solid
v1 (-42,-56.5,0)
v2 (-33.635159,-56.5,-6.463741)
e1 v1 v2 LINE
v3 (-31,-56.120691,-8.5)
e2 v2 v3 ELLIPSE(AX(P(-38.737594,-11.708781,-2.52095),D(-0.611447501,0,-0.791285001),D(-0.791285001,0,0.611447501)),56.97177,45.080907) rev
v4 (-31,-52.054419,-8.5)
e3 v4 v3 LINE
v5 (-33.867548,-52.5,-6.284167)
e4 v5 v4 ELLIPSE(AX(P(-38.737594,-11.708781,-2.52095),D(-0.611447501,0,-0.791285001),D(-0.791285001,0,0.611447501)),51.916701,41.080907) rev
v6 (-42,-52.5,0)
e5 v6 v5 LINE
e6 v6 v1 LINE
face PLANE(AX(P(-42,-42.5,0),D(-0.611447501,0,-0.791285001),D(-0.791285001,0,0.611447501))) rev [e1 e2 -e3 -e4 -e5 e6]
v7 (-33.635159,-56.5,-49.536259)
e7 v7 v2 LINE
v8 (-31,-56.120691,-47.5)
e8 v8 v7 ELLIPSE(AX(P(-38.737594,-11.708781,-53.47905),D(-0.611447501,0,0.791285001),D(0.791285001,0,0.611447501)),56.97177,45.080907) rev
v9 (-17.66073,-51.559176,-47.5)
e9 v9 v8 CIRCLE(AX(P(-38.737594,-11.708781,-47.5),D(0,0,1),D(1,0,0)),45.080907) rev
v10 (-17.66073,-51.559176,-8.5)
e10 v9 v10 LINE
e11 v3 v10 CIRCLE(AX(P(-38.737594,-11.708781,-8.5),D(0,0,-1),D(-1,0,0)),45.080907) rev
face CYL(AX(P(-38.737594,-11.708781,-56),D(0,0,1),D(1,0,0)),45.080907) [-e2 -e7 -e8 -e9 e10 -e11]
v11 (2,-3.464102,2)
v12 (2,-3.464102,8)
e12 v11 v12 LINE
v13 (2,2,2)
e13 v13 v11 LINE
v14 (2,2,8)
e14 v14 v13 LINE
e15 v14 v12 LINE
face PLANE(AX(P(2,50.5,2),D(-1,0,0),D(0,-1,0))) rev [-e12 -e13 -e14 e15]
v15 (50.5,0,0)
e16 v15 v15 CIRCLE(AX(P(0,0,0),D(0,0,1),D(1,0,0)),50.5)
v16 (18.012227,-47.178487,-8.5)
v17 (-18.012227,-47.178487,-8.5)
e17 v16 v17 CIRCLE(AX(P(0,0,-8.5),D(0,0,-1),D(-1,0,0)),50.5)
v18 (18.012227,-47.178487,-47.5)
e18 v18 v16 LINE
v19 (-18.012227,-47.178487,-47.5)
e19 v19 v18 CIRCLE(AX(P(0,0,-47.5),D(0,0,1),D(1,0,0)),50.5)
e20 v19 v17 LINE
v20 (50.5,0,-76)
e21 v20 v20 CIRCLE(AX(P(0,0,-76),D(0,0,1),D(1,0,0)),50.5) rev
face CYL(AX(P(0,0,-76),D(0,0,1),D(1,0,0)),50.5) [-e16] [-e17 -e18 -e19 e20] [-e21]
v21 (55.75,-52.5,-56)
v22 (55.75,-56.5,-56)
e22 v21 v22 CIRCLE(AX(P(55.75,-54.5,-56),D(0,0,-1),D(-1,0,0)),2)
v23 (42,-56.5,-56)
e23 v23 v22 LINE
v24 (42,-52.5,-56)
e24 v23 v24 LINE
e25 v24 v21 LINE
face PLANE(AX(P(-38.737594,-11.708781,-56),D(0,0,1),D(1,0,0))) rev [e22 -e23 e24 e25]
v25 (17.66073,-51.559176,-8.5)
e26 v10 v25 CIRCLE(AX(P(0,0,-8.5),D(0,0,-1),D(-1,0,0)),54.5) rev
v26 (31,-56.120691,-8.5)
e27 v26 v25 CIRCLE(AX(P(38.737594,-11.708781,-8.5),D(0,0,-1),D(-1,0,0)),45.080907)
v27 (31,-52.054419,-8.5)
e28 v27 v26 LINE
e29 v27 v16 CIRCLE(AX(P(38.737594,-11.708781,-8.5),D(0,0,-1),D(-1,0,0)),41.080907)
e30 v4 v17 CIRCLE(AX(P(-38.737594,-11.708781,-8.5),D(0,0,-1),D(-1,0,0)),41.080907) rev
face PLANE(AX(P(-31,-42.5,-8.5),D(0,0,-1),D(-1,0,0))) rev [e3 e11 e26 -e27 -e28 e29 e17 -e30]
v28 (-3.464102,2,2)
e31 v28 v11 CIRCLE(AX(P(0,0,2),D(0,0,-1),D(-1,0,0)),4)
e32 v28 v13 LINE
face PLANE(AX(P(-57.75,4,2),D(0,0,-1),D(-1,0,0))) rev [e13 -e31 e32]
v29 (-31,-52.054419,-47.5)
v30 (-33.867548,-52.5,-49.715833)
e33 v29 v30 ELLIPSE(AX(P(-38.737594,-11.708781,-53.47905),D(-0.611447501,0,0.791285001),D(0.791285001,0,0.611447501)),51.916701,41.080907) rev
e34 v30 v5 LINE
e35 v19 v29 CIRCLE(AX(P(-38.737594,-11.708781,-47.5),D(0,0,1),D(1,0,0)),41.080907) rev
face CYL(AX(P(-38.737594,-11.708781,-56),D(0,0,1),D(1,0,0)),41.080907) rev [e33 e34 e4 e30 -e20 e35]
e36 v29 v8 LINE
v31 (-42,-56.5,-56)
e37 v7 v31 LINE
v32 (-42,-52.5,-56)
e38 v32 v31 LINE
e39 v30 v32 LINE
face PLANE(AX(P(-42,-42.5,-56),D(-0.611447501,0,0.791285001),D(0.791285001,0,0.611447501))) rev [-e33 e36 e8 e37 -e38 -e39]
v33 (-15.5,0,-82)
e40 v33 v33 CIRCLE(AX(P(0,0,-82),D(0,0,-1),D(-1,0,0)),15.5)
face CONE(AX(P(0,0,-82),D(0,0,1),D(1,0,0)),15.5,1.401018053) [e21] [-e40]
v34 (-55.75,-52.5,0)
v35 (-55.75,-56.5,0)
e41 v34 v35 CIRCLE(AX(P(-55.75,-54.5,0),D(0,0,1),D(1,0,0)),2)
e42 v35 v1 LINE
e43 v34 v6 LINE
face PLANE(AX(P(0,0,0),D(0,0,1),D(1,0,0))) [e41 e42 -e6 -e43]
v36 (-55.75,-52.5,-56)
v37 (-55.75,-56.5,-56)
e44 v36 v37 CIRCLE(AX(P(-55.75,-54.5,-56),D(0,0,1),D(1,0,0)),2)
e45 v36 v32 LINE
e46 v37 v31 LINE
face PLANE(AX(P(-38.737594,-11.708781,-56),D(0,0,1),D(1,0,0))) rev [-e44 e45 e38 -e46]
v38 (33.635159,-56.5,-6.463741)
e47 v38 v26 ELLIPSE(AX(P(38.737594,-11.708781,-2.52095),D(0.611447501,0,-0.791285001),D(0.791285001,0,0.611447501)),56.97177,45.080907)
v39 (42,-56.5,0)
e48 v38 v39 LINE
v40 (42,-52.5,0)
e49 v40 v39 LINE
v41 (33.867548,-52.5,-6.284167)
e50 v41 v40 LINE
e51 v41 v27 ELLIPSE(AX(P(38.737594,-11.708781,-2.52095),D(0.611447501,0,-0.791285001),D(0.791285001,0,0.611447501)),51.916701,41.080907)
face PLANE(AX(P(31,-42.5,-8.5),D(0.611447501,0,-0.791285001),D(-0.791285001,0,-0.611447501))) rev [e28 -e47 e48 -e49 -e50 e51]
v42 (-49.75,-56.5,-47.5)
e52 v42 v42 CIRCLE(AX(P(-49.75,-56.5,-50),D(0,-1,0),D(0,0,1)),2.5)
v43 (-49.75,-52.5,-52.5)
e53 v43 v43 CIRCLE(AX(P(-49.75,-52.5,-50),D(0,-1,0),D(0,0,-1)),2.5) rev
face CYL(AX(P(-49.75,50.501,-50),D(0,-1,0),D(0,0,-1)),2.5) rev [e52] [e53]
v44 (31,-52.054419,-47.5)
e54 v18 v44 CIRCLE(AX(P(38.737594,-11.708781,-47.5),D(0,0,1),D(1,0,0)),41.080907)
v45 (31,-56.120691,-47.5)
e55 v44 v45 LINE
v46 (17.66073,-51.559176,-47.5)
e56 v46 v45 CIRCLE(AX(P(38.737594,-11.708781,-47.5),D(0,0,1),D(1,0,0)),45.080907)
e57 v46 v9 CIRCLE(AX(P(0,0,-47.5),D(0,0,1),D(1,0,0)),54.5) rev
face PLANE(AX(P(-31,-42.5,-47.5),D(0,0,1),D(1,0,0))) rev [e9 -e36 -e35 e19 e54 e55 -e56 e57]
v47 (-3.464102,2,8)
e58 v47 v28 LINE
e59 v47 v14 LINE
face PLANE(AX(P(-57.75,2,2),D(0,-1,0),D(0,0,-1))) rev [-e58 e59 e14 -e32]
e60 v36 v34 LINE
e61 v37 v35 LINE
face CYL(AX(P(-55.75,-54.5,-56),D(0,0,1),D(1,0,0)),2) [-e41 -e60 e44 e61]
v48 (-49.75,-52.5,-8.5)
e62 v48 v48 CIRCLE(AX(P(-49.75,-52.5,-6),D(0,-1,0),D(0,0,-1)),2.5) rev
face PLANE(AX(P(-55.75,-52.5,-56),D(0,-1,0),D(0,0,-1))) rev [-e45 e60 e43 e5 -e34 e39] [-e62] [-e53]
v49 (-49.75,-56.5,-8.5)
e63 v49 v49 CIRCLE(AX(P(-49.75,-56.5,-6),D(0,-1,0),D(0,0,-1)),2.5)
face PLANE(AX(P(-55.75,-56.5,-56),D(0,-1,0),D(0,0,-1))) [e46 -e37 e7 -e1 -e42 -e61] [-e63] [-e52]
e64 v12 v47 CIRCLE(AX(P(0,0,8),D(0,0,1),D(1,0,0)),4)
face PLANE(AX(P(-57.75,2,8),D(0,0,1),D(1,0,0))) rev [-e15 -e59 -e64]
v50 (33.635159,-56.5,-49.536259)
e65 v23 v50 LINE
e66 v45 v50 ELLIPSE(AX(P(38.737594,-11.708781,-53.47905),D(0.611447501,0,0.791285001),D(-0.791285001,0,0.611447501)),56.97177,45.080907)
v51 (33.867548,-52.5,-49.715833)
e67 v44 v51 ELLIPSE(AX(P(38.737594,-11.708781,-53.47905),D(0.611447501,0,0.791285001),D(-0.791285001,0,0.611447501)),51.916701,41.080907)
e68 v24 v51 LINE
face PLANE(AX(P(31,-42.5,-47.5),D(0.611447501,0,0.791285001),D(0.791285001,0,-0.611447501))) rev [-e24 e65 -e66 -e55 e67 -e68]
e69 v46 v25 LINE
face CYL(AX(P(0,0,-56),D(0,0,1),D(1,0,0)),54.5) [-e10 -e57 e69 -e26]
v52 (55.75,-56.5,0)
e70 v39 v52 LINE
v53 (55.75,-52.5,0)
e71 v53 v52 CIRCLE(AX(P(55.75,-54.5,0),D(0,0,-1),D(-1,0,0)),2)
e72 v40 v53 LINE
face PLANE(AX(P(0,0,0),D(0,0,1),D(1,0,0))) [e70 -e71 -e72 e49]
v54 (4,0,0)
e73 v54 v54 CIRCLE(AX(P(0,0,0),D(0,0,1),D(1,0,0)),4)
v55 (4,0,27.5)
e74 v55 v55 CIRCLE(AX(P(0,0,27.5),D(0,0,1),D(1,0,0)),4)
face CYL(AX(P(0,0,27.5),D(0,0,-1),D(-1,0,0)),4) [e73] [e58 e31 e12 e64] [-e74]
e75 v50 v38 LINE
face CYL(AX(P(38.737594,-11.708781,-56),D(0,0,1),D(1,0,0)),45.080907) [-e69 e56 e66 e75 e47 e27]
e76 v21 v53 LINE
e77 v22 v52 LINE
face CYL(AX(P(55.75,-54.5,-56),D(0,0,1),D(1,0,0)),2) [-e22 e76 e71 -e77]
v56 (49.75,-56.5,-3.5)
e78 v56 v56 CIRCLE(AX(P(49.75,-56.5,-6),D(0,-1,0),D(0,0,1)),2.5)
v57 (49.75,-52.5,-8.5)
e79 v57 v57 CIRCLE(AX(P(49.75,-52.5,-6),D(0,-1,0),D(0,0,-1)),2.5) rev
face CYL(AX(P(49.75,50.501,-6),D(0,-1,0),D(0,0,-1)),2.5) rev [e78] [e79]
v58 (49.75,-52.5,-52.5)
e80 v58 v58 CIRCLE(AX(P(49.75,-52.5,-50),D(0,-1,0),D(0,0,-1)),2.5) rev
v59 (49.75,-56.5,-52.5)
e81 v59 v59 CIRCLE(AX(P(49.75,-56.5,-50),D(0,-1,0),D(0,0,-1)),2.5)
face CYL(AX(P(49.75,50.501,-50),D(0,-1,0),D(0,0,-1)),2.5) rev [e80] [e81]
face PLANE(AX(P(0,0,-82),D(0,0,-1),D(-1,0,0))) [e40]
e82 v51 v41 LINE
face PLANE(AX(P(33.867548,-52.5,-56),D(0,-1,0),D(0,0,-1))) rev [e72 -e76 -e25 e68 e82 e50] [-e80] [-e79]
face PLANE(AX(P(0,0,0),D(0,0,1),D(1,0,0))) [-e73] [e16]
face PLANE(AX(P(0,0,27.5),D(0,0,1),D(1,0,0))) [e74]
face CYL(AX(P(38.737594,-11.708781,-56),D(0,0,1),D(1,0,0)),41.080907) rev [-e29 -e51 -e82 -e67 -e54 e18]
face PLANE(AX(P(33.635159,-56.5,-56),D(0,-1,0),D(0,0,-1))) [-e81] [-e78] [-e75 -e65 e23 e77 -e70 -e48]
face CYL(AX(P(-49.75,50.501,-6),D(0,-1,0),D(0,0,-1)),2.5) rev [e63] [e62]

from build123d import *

# Parameters (mm, degrees)
SKETCH1_R           = 50.5
BOSS_EXTRUDE1_DEPTH = 76
SKETCH2_R           = 4
BOSS_EXTRUDE2_DEPTH = 27.5
SKETCH3_R           = 15.5
BOSS_EXTRUDE3_DEPTH = 56
CUT_EXTRUDE1_DEPTH  = 14
SKETCH6_R           = 50.5
BOSS_EXTRUDE4_DEPTH = 69
CUT_EXTRUDE2_REACH  = 109
SKETCH7_R           = 2.5
CUT_EXTRUDE3_START  = -229.584638372
SKETCH8_W           = 6
SKETCH8_H           = 2
CUT_EXTRUDE3_DEPTH  = 230.584638372
CIRPATTERN1_COUNT   = 2
CIRPATTERN1_ANGLE   = 90


with BuildPart() as part:
    # Sketch1 → Boss-Extrude1 (new body)
    with BuildSketch(Plane.XY):
        Circle(SKETCH1_R)
    extrude(amount=-BOSS_EXTRUDE1_DEPTH)

    # Sketch2 → Boss-Extrude2 (add)
    with BuildSketch(Plane.XY):
        Circle(SKETCH2_R)
    extrude(amount=BOSS_EXTRUDE2_DEPTH)

    # Sketch3 → section 1 of loft1
    with BuildSketch(Plane(origin=(0, 0, -82), x_dir=(-1, 0, 0), z_dir=(0, 0, -1)), mode=Mode.PRIVATE) as loft1_s1:
        Circle(SKETCH3_R)
    # loft from a face of the part (loft1)
    loft([part.faces().sort_by_distance((0, 0, -76))[0], loft1_s1.sketch])

    # Sketch4 → Boss-Extrude3 (add)
    with BuildSketch(Plane.XY):
        with BuildLine():
            Line((-55.75, -52.5), (-33.867548492, -52.5))
            ThreePointArc((-33.867548492, -52.5), (-25.666216724, -50.654640627), (-18.012227442, -47.178487286))
            ThreePointArc((-18.012227442, -47.178487286), (0, -50.5), (18.012227442, -47.178487286))
            ThreePointArc((18.012227442, -47.178487286), (25.666216724, -50.654640627), (33.867548492, -52.5))
            Line((33.867548492, -52.5), (55.75, -52.5))
            ThreePointArc((55.75, -52.5), (57.75, -54.5), (55.75, -56.5))
            Line((55.75, -56.5), (33.635158839, -56.5))
            ThreePointArc((33.635158839, -56.5), (25.41686368, -54.776707383), (17.660730448, -51.559175711))
            ThreePointArc((17.660730448, -51.559175711), (0, -54.5), (-17.660730448, -51.559175711))
            ThreePointArc((-17.660730448, -51.559175711), (-25.41686368, -54.776707383), (-33.635158839, -56.5))
            Line((-33.635158839, -56.5), (-55.75, -56.5))
            ThreePointArc((-55.75, -56.5), (-57.75, -54.5), (-55.75, -52.5))
        make_face()
    extrude(amount=-BOSS_EXTRUDE3_DEPTH)

    # Sketch5 → Cut-Extrude1 (cut)
    with BuildSketch(Plane.XZ.offset(56.5)):
        Polygon((-31, -8.5), (31, -8.5), (42, 0), (-42, 0), align=None)
        Polygon((-42, -56), (-31, -47.5), (31, -47.5), (42, -56), align=None)
    extrude(amount=-CUT_EXTRUDE1_DEPTH, mode=Mode.SUBTRACT)

    # Sketch6 → Boss-Extrude4 (add)
    with BuildSketch(Plane.XY):
        Circle(SKETCH6_R)
    extrude(amount=-BOSS_EXTRUDE4_DEPTH)

    # Sketch7 → Cut-Extrude2 (cut, up to next)
    with BuildSketch(Plane.XZ.offset(56.5), mode=Mode.PRIVATE) as cut_extrude2_sk1:
        with Locations((-49.75, -6)):
            Circle(SKETCH7_R)
    cut_extrude2_tool1 = extrude(cut_extrude2_sk1.sketch, amount=-CUT_EXTRUDE2_REACH, mode=Mode.PRIVATE) & part.part
    add(cut_extrude2_tool1.solids().sort_by_distance((-49.75, -56.5, -6))[0], mode=Mode.SUBTRACT)
    # Sketch7 → Cut-Extrude2 (cut, up to next)
    with BuildSketch(Plane.XZ.offset(56.5), mode=Mode.PRIVATE) as cut_extrude2_sk2:
        with Locations((-49.75, -50)):
            Circle(SKETCH7_R)
    cut_extrude2_tool2 = extrude(cut_extrude2_sk2.sketch, amount=-CUT_EXTRUDE2_REACH, mode=Mode.PRIVATE) & part.part
    add(cut_extrude2_tool2.solids().sort_by_distance((-49.75, -56.5, -50))[0], mode=Mode.SUBTRACT)
    # Sketch7 → Cut-Extrude2 (cut, up to next)
    with BuildSketch(Plane.XZ.offset(56.5), mode=Mode.PRIVATE) as cut_extrude2_sk3:
        with Locations((49.75, -50)):
            Circle(SKETCH7_R)
    cut_extrude2_tool3 = extrude(cut_extrude2_sk3.sketch, amount=-CUT_EXTRUDE2_REACH, mode=Mode.PRIVATE) & part.part
    add(cut_extrude2_tool3.solids().sort_by_distance((49.75, -56.5, -50))[0], mode=Mode.SUBTRACT)
    # Sketch7 → Cut-Extrude2 (cut, up to next)
    with BuildSketch(Plane.XZ.offset(56.5), mode=Mode.PRIVATE) as cut_extrude2_sk4:
        with Locations((49.75, -6)):
            Circle(SKETCH7_R)
    cut_extrude2_tool4 = extrude(cut_extrude2_sk4.sketch, amount=-CUT_EXTRUDE2_REACH, mode=Mode.PRIVATE) & part.part
    add(cut_extrude2_tool4.solids().sort_by_distance((49.75, -56.5, -6))[0], mode=Mode.SUBTRACT)

    # Sketch8 → Cut-Extrude3 (cut)
    with BuildSketch(Plane(origin=(170.834638372, -107.162802213, -173.5), x_dir=(0, 0, -1), z_dir=(1, 0, 0)).offset(CUT_EXTRUDE3_START)):
        with Locations((-178.5, 110.162802213)):
            Rectangle(SKETCH8_W, SKETCH8_H)
    cut_extrude3 = extrude(amount=CUT_EXTRUDE3_DEPTH, mode=Mode.SUBTRACT)

    # CirPattern1: Cut-Extrude3 ×2 about axis
    cirpattern1_axis = Axis((0, 0, 27.5), (0, 0, -1))
    for i in range(1, CIRPATTERN1_COUNT):
        add(cut_extrude3.rotate(cirpattern1_axis, i * CIRPATTERN1_ANGLE / (CIRPATTERN1_COUNT - 1)), mode=Mode.SUBTRACT)


solid = part.part
